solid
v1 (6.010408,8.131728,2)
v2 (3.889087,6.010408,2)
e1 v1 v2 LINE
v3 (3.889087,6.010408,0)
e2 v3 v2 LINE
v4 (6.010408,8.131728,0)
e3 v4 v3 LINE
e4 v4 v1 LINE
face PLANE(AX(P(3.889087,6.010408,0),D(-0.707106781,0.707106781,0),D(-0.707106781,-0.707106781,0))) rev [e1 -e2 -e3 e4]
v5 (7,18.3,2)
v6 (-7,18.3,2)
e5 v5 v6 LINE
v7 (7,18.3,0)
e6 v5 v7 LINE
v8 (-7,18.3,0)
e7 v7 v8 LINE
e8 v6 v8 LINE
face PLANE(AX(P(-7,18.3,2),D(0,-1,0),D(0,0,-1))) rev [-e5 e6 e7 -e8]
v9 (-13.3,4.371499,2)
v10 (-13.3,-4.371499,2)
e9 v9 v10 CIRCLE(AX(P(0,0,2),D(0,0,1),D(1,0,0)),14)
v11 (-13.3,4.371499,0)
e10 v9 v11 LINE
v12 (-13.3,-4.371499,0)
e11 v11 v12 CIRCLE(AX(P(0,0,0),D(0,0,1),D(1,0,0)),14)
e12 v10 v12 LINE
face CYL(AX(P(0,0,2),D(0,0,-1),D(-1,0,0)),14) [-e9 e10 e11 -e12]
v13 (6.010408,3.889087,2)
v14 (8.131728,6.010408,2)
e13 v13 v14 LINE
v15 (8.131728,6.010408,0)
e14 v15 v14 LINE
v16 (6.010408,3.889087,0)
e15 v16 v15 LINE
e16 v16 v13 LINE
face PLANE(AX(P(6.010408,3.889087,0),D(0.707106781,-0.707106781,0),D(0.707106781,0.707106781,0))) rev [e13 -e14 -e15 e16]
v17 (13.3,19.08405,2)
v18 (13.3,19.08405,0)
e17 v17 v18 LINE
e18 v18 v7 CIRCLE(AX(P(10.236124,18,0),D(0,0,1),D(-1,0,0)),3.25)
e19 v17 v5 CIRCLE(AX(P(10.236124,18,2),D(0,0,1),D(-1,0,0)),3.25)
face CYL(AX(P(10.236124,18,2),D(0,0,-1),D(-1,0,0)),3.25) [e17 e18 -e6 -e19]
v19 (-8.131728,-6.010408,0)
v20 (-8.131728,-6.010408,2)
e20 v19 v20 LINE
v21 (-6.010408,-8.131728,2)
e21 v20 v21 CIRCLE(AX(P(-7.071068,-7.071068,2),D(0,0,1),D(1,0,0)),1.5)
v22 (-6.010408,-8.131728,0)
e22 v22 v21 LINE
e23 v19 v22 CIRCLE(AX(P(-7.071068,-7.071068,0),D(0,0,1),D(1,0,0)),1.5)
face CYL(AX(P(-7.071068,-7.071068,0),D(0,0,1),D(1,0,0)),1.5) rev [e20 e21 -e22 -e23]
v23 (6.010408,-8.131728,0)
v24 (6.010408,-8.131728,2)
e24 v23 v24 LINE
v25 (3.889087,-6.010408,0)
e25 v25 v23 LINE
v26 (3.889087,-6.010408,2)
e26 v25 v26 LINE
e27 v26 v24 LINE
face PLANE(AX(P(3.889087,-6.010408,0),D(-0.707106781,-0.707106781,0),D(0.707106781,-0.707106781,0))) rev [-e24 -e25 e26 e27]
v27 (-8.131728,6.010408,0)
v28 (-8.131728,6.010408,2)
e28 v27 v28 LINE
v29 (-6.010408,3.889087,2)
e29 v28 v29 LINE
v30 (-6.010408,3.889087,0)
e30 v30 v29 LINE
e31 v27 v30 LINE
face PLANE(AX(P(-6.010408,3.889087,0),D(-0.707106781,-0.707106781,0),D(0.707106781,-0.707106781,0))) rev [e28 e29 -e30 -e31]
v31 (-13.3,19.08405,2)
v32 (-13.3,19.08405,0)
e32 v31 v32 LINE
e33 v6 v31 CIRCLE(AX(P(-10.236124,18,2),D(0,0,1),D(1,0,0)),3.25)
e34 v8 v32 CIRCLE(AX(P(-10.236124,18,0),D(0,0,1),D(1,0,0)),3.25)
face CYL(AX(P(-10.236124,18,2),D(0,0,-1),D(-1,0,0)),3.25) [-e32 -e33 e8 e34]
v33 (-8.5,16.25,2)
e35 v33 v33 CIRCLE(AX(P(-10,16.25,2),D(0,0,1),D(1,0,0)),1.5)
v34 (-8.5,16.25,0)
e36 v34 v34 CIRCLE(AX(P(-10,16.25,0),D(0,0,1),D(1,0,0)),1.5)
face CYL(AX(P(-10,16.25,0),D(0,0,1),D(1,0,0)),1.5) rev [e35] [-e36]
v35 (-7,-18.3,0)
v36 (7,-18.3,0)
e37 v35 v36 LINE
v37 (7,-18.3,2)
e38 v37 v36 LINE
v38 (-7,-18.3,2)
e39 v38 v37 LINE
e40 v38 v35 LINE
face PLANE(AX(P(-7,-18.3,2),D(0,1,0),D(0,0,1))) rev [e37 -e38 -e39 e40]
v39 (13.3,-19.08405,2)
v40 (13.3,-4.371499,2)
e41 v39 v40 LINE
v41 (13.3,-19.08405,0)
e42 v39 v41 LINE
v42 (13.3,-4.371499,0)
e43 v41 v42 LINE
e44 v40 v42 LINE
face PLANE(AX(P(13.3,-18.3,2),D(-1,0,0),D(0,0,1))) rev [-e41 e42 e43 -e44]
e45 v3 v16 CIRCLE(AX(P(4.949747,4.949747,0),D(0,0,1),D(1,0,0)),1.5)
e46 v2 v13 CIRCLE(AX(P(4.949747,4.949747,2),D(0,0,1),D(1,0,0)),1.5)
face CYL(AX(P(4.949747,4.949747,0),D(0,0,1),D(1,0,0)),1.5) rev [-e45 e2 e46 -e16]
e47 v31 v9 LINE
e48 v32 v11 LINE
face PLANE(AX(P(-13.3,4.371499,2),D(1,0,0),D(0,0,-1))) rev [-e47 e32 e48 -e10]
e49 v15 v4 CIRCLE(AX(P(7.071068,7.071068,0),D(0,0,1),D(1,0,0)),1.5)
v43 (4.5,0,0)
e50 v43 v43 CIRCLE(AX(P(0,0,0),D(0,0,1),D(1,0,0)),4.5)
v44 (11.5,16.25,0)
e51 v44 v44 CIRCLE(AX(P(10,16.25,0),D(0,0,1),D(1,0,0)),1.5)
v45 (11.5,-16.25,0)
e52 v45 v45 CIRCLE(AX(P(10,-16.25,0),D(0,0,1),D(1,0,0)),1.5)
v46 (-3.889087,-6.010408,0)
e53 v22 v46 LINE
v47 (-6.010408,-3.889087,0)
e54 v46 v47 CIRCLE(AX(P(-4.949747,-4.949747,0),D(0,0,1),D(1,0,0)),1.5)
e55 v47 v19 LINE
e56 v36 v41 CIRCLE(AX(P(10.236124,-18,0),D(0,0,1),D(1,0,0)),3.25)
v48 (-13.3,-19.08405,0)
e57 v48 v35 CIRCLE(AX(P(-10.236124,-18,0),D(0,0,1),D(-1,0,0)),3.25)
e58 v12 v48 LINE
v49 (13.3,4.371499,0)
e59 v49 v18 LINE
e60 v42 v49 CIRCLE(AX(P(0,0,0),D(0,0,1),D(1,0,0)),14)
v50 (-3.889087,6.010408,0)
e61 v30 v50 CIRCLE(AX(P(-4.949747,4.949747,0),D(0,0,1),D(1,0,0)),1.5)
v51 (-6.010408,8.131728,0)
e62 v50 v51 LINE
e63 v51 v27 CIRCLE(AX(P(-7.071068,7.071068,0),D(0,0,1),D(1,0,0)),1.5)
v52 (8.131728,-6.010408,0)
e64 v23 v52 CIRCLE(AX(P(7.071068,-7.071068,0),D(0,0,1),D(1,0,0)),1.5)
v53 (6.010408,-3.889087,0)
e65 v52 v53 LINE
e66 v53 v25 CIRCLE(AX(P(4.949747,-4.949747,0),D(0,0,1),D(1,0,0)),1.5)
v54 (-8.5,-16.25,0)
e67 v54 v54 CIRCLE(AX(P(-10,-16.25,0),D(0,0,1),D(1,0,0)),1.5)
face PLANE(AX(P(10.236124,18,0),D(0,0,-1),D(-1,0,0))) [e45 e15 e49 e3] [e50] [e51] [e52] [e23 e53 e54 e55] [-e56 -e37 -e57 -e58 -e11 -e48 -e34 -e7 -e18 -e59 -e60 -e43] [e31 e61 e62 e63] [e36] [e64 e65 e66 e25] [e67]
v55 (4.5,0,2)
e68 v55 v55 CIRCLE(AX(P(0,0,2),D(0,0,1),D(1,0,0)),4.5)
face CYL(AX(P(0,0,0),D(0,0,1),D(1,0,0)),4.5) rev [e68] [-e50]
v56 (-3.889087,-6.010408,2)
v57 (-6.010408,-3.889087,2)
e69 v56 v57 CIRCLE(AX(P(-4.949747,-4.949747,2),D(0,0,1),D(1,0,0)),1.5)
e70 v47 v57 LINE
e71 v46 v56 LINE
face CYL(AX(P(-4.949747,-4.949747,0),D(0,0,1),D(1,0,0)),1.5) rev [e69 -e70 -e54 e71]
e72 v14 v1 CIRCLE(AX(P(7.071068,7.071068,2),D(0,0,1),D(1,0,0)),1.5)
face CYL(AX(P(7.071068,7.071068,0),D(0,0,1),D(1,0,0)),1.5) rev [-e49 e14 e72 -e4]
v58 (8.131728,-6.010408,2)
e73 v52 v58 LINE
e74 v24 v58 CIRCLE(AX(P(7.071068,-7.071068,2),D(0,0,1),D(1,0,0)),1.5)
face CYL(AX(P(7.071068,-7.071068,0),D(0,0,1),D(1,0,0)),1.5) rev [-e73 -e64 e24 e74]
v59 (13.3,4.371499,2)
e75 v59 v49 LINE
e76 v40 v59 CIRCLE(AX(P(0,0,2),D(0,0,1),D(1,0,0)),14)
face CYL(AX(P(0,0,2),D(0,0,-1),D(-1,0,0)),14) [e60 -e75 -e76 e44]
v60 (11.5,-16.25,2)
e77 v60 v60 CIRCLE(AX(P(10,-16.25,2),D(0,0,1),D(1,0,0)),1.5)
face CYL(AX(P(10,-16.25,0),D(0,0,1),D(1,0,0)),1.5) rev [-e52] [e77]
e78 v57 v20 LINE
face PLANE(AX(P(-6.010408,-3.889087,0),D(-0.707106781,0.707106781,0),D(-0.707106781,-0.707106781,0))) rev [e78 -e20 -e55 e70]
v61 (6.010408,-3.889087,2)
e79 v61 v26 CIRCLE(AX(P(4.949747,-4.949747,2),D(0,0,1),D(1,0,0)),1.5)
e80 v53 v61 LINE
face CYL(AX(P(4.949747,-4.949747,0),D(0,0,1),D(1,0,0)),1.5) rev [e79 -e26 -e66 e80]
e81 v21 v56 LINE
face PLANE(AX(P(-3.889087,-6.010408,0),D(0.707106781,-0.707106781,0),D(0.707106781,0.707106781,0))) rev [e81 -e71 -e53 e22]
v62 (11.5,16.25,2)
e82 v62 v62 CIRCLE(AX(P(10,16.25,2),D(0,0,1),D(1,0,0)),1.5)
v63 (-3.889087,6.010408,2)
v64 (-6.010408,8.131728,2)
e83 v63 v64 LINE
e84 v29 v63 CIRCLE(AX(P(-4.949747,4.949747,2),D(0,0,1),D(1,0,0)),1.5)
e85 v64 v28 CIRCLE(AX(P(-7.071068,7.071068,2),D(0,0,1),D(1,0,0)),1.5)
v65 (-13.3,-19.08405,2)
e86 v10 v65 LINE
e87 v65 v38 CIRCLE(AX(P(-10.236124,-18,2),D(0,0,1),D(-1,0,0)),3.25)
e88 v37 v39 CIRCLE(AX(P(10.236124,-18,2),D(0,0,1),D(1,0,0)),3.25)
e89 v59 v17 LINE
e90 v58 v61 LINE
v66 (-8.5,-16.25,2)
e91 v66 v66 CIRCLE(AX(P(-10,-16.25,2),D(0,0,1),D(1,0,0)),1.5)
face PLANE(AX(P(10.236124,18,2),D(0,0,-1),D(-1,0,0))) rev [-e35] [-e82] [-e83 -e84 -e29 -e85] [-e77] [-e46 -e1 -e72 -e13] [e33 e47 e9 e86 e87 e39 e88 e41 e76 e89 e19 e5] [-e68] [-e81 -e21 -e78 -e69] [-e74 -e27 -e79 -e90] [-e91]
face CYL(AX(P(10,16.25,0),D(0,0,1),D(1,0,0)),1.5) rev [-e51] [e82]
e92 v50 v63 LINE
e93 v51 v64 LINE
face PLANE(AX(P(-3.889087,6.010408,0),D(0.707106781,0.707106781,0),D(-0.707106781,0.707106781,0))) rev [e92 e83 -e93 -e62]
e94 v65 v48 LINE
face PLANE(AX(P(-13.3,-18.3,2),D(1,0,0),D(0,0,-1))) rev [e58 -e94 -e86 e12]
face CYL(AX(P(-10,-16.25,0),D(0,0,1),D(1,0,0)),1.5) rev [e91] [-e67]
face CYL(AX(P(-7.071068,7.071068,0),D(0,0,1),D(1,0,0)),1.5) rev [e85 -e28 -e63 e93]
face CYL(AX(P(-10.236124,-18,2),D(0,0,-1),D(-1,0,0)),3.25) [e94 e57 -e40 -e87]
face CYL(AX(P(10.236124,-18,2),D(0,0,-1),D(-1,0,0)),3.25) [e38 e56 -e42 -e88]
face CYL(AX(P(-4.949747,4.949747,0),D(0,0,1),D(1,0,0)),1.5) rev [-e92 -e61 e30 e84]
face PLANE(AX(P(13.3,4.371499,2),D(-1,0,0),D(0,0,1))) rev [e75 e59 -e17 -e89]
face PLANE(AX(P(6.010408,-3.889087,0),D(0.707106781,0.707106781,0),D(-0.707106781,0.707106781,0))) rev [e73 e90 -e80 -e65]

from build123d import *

# Parameters (mm, degrees)
BOSS_EXTRUDE1_DEPTH = 2
SKETCH2_R           = 4.5
SKETCH2_R_2         = 1.5
CUT_EXTRUDE1_DEPTH  = 2


with BuildPart() as part:
    # Sketch1 → Boss-Extrude1 (new body)
    with BuildSketch(Plane.XY):
        with BuildLine():
            Line((-13.3, 4.371498599), (-13.3, 18.3))
            Line((-13.3, 18.3), (-13.3, 19.084050384))
            ThreePointArc((-13.3, 19.084050384), (-9.834750168, 21.225119977), (-7, 18.3))
            Line((-7, 18.3), (7, 18.3))
            ThreePointArc((7, 18.3), (9.834750168, 21.225119977), (13.3, 19.084050384))
            Line((13.3, 19.084050384), (13.3, 18.3))
            Line((13.3, 18.3), (13.3, 4.371498599))
            ThreePointArc((13.3, 4.371498599), (14, 0), (13.3, -4.371498599))
            Line((13.3, -4.371498599), (13.3, -18.3))
            Line((13.3, -18.3), (13.3, -19.084050384))
            ThreePointArc((13.3, -19.084050384), (9.834750168, -21.225119977), (7, -18.3))
            Line((7, -18.3), (-7, -18.3))
            ThreePointArc((-7, -18.3), (-9.834750168, -21.225119977), (-13.3, -19.084050384))
            Line((-13.3, -19.084050384), (-13.3, -18.3))
            Line((-13.3, -18.3), (-13.3, -4.371498599))
            ThreePointArc((-13.3, -4.371498599), (-14, 0), (-13.3, 4.371498599))
        make_face()
    extrude(amount=BOSS_EXTRUDE1_DEPTH)

    # Sketch2 → Cut-Extrude1 (cut)
    with BuildSketch(Plane.XY.offset(2)):
        Circle(SKETCH2_R)
        with Locations((-10, 16.25)):
            Circle(SKETCH2_R_2)
        with Locations((10, 16.25)):
            Circle(SKETCH2_R_2)
        with Locations((-10, -16.25)):
            Circle(SKETCH2_R_2)
        with Locations((10, -16.25)):
            Circle(SKETCH2_R_2)
        with BuildLine():
            Line((3.889087297, 6.01040764), (6.01040764, 8.131727984))
            ThreePointArc((6.01040764, 8.131727984), (8.131727984, 8.131727984), (8.131727984, 6.01040764))
            Line((8.131727984, 6.01040764), (6.01040764, 3.889087297))
            ThreePointArc((6.01040764, 3.889087297), (3.889087297, 3.889087297), (3.889087297, 6.01040764))
        make_face()
        with BuildLine():
            Line((6.01040764, -3.889087297), (8.131727984, -6.01040764))
            ThreePointArc((8.131727984, -6.01040764), (8.131727984, -8.131727984), (6.01040764, -8.131727984))
            Line((6.01040764, -8.131727984), (3.889087297, -6.01040764))
            ThreePointArc((3.889087297, -6.01040764), (3.889087297, -3.889087297), (6.01040764, -3.889087297))
        make_face()
        with BuildLine():
            Line((-3.889087297, -6.01040764), (-6.01040764, -8.131727984))
            ThreePointArc((-6.01040764, -8.131727984), (-8.131727984, -8.131727984), (-8.131727984, -6.01040764))
            Line((-8.131727984, -6.01040764), (-6.01040764, -3.889087297))
            ThreePointArc((-6.01040764, -3.889087297), (-3.889087297, -3.889087297), (-3.889087297, -6.01040764))
        make_face()
        with BuildLine():
            Line((-6.01040764, 3.889087297), (-8.131727984, 6.01040764))
            ThreePointArc((-8.131727984, 6.01040764), (-8.131727984, 8.131727984), (-6.01040764, 8.131727984))
            Line((-6.01040764, 8.131727984), (-3.889087297, 6.01040764))
            ThreePointArc((-3.889087297, 6.01040764), (-3.889087297, 3.889087297), (-6.01040764, 3.889087297))
        make_face()
    extrude(amount=-CUT_EXTRUDE1_DEPTH, mode=Mode.SUBTRACT)


solid = part.part
